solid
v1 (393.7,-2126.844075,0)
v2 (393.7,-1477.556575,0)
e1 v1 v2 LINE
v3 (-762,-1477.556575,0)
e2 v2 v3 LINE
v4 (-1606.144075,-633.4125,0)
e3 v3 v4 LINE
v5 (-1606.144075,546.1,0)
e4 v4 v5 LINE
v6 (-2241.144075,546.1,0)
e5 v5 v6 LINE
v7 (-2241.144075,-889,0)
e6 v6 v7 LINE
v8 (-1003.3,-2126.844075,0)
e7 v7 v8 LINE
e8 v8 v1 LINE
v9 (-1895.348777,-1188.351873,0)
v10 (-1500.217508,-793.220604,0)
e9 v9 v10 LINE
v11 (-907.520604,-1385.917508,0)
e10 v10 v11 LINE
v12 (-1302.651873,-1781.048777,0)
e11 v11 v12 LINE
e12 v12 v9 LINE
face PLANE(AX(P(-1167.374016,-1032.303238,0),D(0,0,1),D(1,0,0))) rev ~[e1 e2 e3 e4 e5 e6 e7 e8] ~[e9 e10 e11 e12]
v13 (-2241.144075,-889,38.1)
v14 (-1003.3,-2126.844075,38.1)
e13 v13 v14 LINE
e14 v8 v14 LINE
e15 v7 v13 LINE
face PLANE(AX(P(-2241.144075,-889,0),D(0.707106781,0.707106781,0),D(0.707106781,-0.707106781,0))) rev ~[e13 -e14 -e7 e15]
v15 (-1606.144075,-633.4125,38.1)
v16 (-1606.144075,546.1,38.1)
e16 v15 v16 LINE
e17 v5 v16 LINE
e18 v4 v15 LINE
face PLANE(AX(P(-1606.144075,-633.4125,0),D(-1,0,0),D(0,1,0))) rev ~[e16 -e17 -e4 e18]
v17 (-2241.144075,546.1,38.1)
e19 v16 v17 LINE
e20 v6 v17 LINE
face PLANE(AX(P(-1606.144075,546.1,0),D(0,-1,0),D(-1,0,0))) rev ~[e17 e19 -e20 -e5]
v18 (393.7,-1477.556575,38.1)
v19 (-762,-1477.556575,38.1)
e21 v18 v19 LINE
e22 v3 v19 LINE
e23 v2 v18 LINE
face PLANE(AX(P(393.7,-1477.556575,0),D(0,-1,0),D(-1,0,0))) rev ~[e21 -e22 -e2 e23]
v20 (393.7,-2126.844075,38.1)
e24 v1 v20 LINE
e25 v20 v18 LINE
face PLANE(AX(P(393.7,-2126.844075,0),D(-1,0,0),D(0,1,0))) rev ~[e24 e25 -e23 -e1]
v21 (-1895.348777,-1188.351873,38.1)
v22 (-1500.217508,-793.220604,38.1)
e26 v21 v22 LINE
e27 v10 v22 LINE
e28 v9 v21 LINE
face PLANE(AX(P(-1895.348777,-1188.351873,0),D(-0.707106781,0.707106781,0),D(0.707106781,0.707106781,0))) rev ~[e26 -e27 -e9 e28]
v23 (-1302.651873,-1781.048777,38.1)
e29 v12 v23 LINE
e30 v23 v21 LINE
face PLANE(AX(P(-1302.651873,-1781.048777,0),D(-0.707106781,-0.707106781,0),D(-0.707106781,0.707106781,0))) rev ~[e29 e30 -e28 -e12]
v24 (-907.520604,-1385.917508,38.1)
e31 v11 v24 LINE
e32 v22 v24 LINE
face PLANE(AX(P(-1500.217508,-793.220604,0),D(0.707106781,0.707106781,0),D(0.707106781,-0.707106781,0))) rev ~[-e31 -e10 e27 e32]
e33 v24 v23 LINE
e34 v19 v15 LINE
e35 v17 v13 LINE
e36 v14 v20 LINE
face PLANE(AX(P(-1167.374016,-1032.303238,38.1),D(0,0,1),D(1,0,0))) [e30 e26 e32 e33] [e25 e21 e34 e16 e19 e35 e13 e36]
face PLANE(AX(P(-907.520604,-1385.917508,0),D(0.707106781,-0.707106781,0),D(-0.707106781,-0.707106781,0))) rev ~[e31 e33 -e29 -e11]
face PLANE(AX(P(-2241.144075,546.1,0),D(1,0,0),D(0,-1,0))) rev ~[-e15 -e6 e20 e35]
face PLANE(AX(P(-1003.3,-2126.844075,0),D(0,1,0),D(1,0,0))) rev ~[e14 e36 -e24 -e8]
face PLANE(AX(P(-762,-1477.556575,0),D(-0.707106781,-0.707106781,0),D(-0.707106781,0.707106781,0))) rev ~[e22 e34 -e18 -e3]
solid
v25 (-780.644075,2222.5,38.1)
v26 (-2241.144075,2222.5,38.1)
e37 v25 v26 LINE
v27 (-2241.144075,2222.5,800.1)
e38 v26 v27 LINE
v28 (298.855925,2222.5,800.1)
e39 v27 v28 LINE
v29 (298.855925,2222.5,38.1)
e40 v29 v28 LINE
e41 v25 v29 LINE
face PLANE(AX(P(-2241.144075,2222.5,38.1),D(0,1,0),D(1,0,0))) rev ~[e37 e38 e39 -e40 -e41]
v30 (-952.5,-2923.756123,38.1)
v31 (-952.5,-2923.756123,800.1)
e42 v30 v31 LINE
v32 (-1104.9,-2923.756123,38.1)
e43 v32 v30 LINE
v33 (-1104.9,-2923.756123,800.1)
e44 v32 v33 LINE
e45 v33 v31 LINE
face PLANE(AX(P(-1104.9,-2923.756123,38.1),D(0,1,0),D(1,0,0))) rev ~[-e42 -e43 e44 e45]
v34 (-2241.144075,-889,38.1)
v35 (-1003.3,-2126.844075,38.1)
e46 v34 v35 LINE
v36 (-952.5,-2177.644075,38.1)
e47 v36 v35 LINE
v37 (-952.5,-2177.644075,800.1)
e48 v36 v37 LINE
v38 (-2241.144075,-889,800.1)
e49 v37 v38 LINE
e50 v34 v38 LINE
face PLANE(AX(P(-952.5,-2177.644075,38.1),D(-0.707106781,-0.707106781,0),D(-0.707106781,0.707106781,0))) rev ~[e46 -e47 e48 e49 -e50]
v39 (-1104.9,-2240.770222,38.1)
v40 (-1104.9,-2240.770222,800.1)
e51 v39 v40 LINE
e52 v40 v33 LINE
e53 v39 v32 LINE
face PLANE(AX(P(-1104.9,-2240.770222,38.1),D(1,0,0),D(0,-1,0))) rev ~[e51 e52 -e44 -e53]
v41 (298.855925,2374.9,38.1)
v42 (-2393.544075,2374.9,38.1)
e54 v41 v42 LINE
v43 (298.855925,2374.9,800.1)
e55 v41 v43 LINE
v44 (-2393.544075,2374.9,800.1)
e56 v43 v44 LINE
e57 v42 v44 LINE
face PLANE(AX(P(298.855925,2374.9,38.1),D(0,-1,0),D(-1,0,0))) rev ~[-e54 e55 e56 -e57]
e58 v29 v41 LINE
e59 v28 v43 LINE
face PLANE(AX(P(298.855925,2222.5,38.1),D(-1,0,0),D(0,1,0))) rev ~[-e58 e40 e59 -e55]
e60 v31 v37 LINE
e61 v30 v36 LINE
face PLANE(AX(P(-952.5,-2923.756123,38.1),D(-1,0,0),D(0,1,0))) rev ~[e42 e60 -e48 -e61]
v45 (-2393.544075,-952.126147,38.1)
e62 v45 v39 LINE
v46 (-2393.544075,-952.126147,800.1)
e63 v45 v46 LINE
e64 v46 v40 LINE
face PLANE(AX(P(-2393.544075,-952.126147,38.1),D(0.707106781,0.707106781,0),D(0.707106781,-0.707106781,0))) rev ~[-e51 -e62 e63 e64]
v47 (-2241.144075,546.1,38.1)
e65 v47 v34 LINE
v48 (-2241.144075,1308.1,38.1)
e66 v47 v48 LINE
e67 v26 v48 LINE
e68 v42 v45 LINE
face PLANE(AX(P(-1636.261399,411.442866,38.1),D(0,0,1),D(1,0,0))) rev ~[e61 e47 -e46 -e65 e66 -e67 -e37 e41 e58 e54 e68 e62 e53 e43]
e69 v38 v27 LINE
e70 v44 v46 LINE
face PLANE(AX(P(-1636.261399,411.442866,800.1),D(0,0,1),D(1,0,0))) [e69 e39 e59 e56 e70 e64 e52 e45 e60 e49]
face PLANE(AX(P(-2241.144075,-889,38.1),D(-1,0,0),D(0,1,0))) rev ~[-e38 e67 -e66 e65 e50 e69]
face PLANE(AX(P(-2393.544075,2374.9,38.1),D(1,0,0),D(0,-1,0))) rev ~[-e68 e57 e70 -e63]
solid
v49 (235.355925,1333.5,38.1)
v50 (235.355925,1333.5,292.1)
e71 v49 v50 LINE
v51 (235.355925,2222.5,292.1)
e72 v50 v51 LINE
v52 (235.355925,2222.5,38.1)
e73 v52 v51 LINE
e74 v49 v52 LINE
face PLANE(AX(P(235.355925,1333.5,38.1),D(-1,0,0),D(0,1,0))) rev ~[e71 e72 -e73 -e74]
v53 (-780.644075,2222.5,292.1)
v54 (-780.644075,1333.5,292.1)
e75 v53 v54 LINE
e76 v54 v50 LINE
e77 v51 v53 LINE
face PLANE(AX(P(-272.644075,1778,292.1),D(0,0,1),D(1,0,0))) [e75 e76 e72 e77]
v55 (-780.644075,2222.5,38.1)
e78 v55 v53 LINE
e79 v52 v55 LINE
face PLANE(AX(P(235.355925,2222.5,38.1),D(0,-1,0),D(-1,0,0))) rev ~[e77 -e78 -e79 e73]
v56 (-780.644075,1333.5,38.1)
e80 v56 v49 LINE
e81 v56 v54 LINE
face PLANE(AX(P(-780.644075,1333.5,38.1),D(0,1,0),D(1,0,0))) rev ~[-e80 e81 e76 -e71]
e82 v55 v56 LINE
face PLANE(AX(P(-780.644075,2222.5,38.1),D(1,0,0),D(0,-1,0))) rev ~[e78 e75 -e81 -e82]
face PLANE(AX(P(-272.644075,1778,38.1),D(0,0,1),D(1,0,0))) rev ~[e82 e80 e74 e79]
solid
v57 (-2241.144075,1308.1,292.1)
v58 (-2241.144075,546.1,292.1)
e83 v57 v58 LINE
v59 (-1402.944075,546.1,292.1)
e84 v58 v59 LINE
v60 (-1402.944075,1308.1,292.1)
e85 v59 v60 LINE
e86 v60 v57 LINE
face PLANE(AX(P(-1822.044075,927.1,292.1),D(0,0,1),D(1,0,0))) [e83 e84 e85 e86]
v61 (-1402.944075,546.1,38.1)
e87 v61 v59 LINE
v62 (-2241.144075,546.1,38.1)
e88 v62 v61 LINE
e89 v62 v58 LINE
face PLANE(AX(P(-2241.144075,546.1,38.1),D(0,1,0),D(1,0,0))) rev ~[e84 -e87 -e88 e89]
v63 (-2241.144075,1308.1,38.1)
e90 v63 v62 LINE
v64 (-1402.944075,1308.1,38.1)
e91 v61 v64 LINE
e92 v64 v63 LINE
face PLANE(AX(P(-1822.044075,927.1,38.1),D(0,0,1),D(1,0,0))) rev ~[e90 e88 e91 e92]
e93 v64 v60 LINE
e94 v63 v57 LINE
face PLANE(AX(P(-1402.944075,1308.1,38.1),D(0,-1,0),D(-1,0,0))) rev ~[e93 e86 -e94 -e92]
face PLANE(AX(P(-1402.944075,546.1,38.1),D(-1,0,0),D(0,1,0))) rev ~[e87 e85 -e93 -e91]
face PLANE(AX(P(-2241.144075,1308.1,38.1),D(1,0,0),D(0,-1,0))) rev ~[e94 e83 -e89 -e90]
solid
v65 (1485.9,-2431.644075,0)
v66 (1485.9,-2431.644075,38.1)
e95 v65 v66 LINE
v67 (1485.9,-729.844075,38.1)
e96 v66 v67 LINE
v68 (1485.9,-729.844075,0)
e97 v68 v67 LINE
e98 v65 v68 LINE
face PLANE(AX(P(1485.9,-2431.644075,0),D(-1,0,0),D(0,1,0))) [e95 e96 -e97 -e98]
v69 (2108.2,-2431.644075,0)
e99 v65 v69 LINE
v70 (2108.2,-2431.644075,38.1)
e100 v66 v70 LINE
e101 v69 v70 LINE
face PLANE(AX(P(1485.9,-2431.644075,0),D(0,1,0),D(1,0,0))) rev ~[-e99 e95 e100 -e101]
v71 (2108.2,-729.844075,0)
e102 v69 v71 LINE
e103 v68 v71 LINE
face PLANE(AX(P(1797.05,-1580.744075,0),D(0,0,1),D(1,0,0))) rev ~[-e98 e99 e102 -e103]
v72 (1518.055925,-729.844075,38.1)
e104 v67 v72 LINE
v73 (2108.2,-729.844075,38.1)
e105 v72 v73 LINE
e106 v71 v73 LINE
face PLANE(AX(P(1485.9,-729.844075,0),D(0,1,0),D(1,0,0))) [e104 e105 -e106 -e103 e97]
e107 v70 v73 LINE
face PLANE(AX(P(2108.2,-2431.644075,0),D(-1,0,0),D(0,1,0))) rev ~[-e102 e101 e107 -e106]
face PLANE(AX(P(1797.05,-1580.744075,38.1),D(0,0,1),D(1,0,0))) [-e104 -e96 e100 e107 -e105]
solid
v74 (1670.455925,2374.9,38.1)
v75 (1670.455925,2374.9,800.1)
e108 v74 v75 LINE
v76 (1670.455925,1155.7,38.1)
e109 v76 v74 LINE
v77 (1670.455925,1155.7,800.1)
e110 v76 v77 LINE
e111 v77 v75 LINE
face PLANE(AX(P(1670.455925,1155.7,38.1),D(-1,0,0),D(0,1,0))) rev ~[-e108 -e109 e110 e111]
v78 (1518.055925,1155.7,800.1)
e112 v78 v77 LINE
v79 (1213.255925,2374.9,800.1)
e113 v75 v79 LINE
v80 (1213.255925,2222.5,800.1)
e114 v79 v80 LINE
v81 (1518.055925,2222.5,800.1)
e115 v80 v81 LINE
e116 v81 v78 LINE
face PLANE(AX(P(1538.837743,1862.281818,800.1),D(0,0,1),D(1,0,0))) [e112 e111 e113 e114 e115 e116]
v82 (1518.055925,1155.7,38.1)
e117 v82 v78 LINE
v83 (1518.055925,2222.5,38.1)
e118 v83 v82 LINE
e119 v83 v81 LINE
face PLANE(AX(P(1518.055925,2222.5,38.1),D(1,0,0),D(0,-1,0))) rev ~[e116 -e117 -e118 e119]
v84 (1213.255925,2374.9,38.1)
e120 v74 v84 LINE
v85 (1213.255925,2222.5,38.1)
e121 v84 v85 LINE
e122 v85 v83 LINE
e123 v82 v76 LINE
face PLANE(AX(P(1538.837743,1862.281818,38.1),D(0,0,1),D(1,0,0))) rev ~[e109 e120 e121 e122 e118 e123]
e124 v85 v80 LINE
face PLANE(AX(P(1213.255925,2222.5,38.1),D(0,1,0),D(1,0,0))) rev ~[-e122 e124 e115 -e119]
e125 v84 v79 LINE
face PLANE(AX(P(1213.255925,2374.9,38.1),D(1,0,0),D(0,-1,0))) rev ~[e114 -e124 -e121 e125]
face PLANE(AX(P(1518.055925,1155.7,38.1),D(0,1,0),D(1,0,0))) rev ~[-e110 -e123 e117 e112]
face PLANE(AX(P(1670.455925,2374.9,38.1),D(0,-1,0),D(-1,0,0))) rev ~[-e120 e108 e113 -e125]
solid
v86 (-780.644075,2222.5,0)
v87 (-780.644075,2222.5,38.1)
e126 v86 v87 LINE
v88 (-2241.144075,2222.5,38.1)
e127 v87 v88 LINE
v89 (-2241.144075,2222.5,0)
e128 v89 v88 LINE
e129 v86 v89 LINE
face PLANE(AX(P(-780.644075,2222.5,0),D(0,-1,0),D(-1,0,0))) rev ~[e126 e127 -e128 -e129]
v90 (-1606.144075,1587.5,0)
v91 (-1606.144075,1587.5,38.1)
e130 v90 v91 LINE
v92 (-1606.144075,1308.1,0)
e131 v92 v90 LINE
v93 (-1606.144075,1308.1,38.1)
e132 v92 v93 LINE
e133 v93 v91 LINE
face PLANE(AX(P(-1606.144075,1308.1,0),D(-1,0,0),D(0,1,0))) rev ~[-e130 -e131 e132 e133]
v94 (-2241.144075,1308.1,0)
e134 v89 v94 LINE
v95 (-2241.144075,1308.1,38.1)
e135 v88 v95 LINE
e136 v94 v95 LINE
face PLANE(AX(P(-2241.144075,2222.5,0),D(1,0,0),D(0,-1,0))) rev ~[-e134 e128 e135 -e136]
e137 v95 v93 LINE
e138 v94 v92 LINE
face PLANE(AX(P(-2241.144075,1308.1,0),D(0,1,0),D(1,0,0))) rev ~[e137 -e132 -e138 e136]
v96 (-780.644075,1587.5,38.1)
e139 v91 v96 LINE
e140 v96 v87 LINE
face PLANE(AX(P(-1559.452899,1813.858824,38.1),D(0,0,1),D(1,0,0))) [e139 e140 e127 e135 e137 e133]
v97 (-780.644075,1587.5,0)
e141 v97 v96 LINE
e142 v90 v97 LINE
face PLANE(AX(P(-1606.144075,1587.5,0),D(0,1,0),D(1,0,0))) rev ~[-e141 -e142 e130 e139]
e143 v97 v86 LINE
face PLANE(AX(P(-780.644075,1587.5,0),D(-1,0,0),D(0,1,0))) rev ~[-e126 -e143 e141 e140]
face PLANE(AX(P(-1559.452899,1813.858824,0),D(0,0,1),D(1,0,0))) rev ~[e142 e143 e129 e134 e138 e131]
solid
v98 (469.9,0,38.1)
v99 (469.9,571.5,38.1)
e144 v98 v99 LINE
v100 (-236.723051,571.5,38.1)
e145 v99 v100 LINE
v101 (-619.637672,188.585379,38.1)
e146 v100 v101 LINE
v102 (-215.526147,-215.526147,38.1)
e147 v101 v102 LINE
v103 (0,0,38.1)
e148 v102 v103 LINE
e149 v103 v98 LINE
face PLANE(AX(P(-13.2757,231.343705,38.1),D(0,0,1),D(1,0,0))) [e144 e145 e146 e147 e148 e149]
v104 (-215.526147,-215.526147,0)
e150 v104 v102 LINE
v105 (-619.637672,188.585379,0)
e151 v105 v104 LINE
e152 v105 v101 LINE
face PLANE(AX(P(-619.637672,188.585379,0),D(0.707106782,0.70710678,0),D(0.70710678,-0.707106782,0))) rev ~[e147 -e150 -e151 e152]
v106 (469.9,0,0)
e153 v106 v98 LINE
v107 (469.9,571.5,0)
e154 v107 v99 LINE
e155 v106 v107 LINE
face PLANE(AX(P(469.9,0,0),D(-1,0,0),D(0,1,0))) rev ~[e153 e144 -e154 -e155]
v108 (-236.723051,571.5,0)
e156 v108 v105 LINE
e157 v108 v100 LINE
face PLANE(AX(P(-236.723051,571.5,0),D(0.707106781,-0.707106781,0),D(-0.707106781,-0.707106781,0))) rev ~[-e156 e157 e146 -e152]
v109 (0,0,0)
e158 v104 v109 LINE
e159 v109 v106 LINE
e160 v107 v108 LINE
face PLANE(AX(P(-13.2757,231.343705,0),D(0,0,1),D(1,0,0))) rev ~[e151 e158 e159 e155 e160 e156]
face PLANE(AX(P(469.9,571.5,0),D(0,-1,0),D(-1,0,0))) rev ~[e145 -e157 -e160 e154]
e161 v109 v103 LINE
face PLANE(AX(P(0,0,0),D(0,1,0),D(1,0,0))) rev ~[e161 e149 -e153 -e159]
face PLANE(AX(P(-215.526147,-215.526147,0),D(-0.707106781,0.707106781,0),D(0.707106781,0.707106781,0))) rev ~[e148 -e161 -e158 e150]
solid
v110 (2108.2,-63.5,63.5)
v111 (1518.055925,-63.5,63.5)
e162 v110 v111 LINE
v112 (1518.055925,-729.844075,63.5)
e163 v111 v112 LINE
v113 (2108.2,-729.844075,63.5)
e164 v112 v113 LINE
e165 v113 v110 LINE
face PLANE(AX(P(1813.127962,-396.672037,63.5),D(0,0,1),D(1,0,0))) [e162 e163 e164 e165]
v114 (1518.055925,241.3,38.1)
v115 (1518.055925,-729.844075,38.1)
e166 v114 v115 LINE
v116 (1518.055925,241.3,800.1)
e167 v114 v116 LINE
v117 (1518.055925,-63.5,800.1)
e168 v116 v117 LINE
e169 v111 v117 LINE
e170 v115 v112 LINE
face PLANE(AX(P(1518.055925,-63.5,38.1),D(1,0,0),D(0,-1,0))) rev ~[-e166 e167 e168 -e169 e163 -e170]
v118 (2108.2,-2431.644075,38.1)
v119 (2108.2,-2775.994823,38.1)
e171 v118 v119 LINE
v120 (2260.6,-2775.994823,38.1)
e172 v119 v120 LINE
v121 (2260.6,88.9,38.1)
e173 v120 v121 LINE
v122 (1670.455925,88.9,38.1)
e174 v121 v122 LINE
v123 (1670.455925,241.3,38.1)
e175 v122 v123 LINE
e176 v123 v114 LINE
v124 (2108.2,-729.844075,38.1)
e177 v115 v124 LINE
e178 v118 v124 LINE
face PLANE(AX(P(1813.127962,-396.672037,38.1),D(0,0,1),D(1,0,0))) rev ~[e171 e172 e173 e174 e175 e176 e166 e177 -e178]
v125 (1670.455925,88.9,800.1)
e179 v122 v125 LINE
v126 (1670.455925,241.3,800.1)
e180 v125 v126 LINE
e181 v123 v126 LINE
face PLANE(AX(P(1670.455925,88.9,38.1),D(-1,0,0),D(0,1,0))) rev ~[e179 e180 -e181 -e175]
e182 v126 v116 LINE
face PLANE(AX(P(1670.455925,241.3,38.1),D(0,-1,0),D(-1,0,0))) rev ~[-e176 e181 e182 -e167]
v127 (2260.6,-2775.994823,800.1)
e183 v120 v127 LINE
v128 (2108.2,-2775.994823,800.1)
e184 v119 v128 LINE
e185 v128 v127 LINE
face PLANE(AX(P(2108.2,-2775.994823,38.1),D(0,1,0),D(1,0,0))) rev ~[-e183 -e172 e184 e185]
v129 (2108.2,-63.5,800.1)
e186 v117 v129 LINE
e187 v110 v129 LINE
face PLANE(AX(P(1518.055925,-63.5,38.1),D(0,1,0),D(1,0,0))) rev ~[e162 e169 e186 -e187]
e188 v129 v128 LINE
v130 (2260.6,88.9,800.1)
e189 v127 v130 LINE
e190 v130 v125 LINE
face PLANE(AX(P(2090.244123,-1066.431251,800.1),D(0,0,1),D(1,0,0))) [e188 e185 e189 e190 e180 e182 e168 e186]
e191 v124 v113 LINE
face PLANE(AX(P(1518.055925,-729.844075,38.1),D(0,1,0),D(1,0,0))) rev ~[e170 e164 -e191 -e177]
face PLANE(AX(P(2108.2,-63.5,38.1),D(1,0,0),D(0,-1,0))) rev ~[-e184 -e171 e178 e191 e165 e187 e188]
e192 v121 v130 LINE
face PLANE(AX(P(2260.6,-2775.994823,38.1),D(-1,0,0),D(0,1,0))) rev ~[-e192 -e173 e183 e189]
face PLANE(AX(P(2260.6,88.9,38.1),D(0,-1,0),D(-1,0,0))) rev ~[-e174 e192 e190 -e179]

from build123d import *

# Parameters (mm, degrees)
F0_W     = 622.3
F0_H     = 1701.8
F1_DEPTH = 38.1
F3_DEPTH = 254
F5_DEPTH = 762
F6_DEPTH = 25.4


with BuildPart() as f1:
    # F0 (on Top) → F1 (new body)
    with BuildSketch(Plane.XY):
        Polygon((-215.526147, -215.526147), (0, 0), (469.9, 0), (469.9, 571.5), (-236.723051, 571.5), (-619.637672, 188.585379), align=None)
        with Locations((1797.05, -1580.744075)):
            Rectangle(F0_W, F0_H)
        Polygon((-2241.144075, 2222.5), (-2241.144075, 1308.1), (-1606.144075, 1308.1), (-1606.144075, 1587.5), (-780.644075, 1587.5), (-780.644075, 2222.5), align=None)
        Polygon((-1003.3, -2126.844075), (393.7, -2126.844075), (393.7, -1477.556575), (-762, -1477.556575), (-1606.144075, -633.4125), (-1606.144075, 546.1), (-2241.144075, 546.1), (-2241.144075, -889), align=None)
        Polygon((-1895.348777, -1188.351873), (-1500.217508, -793.220604), (-907.520604, -1385.917508), (-1302.651873, -1781.048777), align=None, mode=Mode.SUBTRACT)
    extrude(amount=F1_DEPTH)



with BuildPart() as f3:
    # F2 (on face) → F3 (new body)
    with BuildSketch(Plane.XY.offset(38.1)):
        Polygon((235.355925, 2222.5), (-780.644075, 2222.5), (-780.644075, 1587.5), (-780.644075, 1333.5), (235.355925, 1333.5), align=None)
        Polygon((-1606.144075, 1308.1), (-2241.144075, 1308.1), (-2241.144075, 546.1), (-1606.144075, 546.1), (-1402.944075, 546.1), (-1402.944075, 1308.1), align=None)
    extrude(amount=F3_DEPTH)


with BuildPart() as f5:
    # F4 (on face) → F5 (new body)
    with BuildSketch(Plane.XY.offset(38.1)):
        Polygon((-2241.144075, 1308.1), (-2241.144075, 2222.5), (-780.644075, 2222.5), (298.855925, 2222.5), (298.855925, 2374.9), (-2393.544075, 2374.9), (-2393.544075, -952.126147), (-1104.9, -2240.770222), (-1104.9, -2923.756123), (-952.5, -2923.756123), (-952.5, -2177.644075), (-2241.144075, -889), (-2241.144075, 546.1), align=None)
        Polygon((2108.2, -63.5), (2108.2, -425.044075), (2108.2, -729.844075), (2108.2, -2775.994823), (2260.6, -2775.994823), (2260.6, 88.9), (1670.455925, 88.9), (1670.455925, 241.3), (1518.055925, 241.3), (1518.055925, -63.5), align=None)
        Polygon((1670.455925, 2374.9), (1213.255925, 2374.9), (1213.255925, 2222.5), (1518.055925, 2222.5), (1518.055925, 1155.7), (1670.455925, 1155.7), align=None)
    extrude(amount=F5_DEPTH)


with BuildPart() as f1_1:
    add(f1.part)

    add(f5.part)  # F6 merges F5
    # F4 (on face) → F6 (join)
    with BuildSketch(Plane.XY.offset(38.1)):
        Polygon((2108.2, -729.844075), (2108.2, -425.044075), (2108.2, -63.5), (1518.055925, -63.5), (1518.055925, -729.844075), align=None)
    extrude(amount=F6_DEPTH)


solid = Compound([f3.part, f1_1.part])
